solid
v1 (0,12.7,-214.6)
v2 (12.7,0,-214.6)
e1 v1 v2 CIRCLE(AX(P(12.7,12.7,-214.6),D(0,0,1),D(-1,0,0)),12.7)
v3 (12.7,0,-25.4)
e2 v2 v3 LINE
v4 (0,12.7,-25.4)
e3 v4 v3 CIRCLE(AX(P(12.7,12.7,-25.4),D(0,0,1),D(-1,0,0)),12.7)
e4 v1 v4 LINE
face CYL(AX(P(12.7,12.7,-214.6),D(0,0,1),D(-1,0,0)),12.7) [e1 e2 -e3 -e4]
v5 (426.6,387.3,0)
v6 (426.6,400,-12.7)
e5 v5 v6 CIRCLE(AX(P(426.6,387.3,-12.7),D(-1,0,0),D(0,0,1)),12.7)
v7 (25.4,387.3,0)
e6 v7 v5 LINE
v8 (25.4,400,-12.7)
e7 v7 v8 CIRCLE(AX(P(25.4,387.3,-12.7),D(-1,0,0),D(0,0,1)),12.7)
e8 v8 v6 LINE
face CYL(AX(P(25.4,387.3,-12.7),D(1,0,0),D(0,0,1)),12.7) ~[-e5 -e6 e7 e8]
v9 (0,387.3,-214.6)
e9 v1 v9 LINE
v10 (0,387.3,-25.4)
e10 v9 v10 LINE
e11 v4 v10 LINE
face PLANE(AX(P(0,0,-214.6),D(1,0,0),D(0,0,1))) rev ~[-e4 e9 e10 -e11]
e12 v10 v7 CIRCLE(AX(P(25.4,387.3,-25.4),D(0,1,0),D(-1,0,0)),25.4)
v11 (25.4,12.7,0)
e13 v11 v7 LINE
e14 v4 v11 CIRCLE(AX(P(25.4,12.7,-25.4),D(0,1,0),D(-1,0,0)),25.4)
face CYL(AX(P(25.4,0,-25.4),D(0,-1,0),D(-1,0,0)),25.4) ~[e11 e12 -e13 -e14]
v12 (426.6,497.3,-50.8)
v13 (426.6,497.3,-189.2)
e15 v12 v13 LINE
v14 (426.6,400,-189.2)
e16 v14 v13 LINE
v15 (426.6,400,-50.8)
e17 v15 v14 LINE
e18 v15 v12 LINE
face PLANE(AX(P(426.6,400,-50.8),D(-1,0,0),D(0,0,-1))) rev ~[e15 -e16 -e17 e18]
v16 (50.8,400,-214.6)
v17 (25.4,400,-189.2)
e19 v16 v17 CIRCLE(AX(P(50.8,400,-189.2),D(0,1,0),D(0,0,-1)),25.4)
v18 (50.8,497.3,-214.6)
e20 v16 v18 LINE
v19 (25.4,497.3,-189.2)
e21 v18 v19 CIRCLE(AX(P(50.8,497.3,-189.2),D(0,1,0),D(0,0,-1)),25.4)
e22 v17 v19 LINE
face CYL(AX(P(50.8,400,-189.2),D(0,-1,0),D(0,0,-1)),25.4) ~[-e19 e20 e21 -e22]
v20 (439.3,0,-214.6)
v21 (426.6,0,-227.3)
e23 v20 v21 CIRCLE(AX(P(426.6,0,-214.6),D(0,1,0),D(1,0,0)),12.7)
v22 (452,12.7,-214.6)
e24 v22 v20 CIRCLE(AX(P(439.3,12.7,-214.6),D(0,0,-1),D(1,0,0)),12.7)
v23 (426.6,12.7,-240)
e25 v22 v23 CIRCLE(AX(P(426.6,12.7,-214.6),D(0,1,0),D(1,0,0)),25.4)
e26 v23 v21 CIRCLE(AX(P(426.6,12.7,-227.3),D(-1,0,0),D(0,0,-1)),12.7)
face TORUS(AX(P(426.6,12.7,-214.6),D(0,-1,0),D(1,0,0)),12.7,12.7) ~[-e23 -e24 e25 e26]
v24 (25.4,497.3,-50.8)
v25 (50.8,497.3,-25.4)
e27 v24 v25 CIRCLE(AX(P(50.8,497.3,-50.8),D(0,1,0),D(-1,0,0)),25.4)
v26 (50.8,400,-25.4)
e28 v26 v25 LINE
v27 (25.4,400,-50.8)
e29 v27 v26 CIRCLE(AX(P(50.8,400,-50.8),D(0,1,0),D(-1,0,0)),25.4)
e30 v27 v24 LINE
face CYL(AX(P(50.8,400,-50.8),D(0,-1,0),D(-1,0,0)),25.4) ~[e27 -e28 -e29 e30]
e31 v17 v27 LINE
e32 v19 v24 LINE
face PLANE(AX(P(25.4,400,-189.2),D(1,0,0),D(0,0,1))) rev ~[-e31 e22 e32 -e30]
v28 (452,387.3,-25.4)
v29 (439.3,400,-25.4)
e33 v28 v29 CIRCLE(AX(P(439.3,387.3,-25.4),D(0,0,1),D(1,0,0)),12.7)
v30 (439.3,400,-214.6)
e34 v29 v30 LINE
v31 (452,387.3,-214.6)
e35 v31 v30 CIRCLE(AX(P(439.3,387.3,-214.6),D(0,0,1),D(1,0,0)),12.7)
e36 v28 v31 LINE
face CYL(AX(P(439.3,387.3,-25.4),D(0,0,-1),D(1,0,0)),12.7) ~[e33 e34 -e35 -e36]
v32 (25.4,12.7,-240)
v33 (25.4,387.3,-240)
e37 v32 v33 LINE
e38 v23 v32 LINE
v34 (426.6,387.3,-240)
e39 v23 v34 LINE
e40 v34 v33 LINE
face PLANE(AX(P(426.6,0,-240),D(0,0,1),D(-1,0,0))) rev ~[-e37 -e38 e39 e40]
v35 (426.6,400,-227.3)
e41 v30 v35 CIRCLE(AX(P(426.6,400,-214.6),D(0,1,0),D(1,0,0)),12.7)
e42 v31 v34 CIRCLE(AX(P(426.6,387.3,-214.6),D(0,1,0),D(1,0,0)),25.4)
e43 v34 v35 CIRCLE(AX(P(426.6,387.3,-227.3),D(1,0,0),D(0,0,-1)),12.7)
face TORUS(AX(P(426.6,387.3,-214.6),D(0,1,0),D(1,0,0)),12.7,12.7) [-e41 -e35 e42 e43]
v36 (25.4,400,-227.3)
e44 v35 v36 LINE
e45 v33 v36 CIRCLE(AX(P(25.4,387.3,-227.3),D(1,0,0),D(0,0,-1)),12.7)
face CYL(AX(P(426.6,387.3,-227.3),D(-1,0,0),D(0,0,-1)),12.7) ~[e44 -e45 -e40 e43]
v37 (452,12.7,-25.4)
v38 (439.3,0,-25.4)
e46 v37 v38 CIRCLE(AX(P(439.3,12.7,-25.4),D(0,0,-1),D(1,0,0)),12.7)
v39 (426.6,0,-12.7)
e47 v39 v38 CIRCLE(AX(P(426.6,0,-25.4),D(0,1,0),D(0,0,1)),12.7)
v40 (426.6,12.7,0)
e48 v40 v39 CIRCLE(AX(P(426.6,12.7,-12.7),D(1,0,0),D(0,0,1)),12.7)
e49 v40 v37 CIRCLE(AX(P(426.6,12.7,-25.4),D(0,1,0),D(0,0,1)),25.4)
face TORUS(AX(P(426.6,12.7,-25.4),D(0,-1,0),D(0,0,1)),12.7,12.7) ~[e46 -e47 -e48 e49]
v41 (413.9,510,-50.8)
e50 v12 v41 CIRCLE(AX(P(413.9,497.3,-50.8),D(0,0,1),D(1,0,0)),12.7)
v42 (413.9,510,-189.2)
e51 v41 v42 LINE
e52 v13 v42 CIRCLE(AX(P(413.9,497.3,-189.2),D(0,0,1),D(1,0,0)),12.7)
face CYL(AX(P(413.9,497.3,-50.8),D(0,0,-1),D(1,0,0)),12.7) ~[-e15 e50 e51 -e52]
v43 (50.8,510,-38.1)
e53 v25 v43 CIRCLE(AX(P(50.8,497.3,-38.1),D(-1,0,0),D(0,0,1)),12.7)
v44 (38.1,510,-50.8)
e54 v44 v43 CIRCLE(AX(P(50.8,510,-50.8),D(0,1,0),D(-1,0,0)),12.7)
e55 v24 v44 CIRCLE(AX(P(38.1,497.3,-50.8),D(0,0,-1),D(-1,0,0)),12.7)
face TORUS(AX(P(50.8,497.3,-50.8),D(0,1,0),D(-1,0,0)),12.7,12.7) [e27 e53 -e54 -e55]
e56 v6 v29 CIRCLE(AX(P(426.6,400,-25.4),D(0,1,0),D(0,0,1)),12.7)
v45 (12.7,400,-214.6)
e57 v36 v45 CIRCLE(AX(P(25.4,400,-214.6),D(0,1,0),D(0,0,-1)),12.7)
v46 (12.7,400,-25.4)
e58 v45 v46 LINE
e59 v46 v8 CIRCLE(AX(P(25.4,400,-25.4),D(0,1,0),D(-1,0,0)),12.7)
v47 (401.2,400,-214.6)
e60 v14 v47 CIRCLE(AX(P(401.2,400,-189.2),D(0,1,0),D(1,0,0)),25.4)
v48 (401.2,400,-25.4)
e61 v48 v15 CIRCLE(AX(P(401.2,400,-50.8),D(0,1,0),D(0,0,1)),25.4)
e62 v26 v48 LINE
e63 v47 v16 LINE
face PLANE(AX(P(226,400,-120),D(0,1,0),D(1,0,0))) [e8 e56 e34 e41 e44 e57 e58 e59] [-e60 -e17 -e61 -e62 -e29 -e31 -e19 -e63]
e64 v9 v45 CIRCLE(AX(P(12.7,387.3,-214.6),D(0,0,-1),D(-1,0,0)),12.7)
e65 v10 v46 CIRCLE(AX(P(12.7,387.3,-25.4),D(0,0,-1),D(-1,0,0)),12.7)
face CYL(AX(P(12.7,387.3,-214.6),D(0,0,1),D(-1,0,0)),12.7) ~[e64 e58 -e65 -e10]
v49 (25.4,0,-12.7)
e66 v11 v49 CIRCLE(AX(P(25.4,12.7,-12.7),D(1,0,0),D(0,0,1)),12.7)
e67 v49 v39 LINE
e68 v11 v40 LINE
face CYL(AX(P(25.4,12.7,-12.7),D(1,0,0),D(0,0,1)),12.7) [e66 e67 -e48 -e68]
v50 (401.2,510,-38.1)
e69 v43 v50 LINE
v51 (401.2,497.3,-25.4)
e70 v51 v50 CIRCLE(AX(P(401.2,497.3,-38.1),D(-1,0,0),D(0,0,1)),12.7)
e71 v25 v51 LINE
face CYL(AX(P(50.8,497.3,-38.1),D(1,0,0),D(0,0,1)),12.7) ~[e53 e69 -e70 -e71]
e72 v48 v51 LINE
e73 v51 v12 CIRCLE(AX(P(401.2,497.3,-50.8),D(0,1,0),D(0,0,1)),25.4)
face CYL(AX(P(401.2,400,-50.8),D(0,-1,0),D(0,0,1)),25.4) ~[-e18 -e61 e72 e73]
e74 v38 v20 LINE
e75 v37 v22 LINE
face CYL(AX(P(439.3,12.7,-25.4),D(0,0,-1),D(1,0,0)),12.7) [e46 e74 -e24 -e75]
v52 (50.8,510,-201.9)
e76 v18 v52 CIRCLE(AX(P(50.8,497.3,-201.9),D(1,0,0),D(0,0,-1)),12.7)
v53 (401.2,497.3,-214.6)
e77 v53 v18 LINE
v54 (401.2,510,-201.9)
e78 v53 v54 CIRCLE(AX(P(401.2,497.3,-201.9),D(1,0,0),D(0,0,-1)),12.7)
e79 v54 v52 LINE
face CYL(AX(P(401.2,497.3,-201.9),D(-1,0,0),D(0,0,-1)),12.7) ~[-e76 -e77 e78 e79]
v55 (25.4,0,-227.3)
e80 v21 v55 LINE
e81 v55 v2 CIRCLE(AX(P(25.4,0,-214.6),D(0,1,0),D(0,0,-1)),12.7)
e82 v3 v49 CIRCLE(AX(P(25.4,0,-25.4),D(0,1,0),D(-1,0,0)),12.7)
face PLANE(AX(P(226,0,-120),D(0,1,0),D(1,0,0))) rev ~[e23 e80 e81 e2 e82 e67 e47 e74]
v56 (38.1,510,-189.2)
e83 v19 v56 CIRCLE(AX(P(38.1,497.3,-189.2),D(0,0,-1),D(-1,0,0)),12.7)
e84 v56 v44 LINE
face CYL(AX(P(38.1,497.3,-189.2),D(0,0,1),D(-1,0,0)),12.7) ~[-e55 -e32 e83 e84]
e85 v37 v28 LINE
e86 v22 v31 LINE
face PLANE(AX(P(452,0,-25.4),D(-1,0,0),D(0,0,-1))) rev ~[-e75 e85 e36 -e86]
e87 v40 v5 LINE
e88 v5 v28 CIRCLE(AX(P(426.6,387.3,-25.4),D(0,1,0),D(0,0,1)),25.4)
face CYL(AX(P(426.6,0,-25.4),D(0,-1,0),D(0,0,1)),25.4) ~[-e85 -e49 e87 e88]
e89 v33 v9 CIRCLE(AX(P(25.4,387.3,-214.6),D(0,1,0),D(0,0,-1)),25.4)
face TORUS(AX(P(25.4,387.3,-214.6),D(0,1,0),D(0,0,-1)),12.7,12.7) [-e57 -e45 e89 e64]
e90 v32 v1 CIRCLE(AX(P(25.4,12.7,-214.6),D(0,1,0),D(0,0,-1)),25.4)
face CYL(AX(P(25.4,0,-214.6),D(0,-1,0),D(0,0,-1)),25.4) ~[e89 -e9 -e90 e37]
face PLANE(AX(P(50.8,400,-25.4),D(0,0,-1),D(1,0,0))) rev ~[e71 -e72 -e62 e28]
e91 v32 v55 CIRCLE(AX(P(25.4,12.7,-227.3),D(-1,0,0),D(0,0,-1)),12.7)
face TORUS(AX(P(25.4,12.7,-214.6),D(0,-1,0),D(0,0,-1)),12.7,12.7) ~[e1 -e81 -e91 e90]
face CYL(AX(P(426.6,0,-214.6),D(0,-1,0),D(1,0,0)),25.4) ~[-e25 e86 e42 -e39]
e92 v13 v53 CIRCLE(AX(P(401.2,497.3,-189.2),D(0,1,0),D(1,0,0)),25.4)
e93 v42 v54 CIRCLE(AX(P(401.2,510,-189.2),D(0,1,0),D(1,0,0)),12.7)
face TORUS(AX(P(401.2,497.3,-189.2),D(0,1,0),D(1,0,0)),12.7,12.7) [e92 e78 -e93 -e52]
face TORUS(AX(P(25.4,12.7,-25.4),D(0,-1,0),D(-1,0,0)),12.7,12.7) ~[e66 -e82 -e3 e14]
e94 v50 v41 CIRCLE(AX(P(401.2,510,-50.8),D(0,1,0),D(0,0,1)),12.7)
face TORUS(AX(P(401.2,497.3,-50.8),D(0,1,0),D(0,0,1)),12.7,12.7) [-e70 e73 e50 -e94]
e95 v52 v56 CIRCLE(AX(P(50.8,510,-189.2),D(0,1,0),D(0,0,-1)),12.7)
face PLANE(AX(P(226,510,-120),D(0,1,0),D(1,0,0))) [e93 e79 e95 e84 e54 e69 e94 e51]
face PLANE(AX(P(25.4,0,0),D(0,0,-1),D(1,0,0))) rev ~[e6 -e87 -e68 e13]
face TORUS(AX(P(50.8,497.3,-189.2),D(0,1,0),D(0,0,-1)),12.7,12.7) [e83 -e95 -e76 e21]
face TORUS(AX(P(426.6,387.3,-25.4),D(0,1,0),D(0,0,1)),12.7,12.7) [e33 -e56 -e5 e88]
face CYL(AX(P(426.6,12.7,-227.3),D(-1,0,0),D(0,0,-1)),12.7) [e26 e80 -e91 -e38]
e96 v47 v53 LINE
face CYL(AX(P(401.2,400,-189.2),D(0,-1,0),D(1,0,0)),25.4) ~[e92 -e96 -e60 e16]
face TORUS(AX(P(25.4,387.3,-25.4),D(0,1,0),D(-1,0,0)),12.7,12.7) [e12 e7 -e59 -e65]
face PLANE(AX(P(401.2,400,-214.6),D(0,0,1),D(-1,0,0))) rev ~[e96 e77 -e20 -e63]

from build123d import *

# Parameters (mm, degrees)
BOSS_EXTRUDE1_DEPTH = 400
FILLET1_R           = 12.7
BOSS_EXTRUDE3_DEPTH = 110
FILLET2_R           = 12.7


with BuildPart() as part:
    # Sketch1 → Boss-Extrude1 (new body)
    with BuildSketch(Plane(origin=(0, 0, 0), x_dir=(1, 0, 0), z_dir=(0, 1, 0))):
        with BuildLine():
            Line((25.4, 0), (426.6, 0))
            ThreePointArc((426.6, 0), (444.560512242, 7.439487758), (452, 25.4))
            Line((452, 25.4), (452, 214.6))
            ThreePointArc((452, 214.6), (444.560512242, 232.560512242), (426.6, 240))
            Line((426.6, 240), (25.4, 240))
            ThreePointArc((25.4, 240), (7.439487758, 232.560512242), (0, 214.6))
            Line((0, 214.6), (0, 25.4))
            ThreePointArc((0, 25.4), (7.439487758, 7.439487758), (25.4, 0))
        make_face()
    extrude(amount=BOSS_EXTRUDE1_DEPTH)

    # Fillet1
    fillet1_edges = [part.edges().sort_by_distance(p)[0] for p in [
        (226, 0, 0),
        (7.439487758, 0, -7.439487758),
        (0, 0, -120),
        (7.439487758, 0, -232.560512242),
        (7.439487758, 400, -7.439487758),
        (226, 400, 0),
        (444.560512242, 400, -7.439487758),
        (452, 400, -120),
        (444.560512242, 400, -232.560512242),
        (226, 400, -240),
        (7.439487758, 400, -232.560512242),
        (226, 0, -240),
        (0, 400, -120),
        (444.560512242, 0, -232.560512242),
        (452, 0, -120),
        (444.560512242, 0, -7.439487758),
    ]]
    fillet(fillet1_edges, radius=FILLET1_R)

    # Sketch2 → Boss-Extrude3 (add)
    with BuildSketch(Plane(origin=(0, 400, 0), x_dir=(1, 0, 0), z_dir=(0, 1, 0))):
        with BuildLine():
            Line((50.8, 25.4), (401.2, 25.4))
            ThreePointArc((401.2, 25.4), (419.160512242, 32.839487758), (426.6, 50.8))
            Line((426.6, 50.8), (426.6, 189.2))
            ThreePointArc((426.6, 189.2), (419.160512242, 207.160512242), (401.2, 214.6))
            Line((401.2, 214.6), (50.8, 214.6))
            ThreePointArc((50.8, 214.6), (32.839487758, 207.160512242), (25.4, 189.2))
            Line((25.4, 189.2), (25.4, 50.8))
            ThreePointArc((25.4, 50.8), (32.839487758, 32.839487758), (50.8, 25.4))
        make_face()
    extrude(amount=BOSS_EXTRUDE3_DEPTH)

    # Fillet2
    fillet2_edges = [part.edges().sort_by_distance(p)[0] for p in [
        (419.160512242, 510, -207.160512242),
        (226, 510, -214.6),
        (32.839487758, 510, -207.160512242),
        (25.4, 510, -120),
        (32.839487758, 510, -32.839487758),
        (226, 510, -25.4),
        (419.160512242, 510, -32.839487758),
        (426.6, 510, -120),
    ]]
    fillet(fillet2_edges, radius=FILLET2_R)


solid = part.part
